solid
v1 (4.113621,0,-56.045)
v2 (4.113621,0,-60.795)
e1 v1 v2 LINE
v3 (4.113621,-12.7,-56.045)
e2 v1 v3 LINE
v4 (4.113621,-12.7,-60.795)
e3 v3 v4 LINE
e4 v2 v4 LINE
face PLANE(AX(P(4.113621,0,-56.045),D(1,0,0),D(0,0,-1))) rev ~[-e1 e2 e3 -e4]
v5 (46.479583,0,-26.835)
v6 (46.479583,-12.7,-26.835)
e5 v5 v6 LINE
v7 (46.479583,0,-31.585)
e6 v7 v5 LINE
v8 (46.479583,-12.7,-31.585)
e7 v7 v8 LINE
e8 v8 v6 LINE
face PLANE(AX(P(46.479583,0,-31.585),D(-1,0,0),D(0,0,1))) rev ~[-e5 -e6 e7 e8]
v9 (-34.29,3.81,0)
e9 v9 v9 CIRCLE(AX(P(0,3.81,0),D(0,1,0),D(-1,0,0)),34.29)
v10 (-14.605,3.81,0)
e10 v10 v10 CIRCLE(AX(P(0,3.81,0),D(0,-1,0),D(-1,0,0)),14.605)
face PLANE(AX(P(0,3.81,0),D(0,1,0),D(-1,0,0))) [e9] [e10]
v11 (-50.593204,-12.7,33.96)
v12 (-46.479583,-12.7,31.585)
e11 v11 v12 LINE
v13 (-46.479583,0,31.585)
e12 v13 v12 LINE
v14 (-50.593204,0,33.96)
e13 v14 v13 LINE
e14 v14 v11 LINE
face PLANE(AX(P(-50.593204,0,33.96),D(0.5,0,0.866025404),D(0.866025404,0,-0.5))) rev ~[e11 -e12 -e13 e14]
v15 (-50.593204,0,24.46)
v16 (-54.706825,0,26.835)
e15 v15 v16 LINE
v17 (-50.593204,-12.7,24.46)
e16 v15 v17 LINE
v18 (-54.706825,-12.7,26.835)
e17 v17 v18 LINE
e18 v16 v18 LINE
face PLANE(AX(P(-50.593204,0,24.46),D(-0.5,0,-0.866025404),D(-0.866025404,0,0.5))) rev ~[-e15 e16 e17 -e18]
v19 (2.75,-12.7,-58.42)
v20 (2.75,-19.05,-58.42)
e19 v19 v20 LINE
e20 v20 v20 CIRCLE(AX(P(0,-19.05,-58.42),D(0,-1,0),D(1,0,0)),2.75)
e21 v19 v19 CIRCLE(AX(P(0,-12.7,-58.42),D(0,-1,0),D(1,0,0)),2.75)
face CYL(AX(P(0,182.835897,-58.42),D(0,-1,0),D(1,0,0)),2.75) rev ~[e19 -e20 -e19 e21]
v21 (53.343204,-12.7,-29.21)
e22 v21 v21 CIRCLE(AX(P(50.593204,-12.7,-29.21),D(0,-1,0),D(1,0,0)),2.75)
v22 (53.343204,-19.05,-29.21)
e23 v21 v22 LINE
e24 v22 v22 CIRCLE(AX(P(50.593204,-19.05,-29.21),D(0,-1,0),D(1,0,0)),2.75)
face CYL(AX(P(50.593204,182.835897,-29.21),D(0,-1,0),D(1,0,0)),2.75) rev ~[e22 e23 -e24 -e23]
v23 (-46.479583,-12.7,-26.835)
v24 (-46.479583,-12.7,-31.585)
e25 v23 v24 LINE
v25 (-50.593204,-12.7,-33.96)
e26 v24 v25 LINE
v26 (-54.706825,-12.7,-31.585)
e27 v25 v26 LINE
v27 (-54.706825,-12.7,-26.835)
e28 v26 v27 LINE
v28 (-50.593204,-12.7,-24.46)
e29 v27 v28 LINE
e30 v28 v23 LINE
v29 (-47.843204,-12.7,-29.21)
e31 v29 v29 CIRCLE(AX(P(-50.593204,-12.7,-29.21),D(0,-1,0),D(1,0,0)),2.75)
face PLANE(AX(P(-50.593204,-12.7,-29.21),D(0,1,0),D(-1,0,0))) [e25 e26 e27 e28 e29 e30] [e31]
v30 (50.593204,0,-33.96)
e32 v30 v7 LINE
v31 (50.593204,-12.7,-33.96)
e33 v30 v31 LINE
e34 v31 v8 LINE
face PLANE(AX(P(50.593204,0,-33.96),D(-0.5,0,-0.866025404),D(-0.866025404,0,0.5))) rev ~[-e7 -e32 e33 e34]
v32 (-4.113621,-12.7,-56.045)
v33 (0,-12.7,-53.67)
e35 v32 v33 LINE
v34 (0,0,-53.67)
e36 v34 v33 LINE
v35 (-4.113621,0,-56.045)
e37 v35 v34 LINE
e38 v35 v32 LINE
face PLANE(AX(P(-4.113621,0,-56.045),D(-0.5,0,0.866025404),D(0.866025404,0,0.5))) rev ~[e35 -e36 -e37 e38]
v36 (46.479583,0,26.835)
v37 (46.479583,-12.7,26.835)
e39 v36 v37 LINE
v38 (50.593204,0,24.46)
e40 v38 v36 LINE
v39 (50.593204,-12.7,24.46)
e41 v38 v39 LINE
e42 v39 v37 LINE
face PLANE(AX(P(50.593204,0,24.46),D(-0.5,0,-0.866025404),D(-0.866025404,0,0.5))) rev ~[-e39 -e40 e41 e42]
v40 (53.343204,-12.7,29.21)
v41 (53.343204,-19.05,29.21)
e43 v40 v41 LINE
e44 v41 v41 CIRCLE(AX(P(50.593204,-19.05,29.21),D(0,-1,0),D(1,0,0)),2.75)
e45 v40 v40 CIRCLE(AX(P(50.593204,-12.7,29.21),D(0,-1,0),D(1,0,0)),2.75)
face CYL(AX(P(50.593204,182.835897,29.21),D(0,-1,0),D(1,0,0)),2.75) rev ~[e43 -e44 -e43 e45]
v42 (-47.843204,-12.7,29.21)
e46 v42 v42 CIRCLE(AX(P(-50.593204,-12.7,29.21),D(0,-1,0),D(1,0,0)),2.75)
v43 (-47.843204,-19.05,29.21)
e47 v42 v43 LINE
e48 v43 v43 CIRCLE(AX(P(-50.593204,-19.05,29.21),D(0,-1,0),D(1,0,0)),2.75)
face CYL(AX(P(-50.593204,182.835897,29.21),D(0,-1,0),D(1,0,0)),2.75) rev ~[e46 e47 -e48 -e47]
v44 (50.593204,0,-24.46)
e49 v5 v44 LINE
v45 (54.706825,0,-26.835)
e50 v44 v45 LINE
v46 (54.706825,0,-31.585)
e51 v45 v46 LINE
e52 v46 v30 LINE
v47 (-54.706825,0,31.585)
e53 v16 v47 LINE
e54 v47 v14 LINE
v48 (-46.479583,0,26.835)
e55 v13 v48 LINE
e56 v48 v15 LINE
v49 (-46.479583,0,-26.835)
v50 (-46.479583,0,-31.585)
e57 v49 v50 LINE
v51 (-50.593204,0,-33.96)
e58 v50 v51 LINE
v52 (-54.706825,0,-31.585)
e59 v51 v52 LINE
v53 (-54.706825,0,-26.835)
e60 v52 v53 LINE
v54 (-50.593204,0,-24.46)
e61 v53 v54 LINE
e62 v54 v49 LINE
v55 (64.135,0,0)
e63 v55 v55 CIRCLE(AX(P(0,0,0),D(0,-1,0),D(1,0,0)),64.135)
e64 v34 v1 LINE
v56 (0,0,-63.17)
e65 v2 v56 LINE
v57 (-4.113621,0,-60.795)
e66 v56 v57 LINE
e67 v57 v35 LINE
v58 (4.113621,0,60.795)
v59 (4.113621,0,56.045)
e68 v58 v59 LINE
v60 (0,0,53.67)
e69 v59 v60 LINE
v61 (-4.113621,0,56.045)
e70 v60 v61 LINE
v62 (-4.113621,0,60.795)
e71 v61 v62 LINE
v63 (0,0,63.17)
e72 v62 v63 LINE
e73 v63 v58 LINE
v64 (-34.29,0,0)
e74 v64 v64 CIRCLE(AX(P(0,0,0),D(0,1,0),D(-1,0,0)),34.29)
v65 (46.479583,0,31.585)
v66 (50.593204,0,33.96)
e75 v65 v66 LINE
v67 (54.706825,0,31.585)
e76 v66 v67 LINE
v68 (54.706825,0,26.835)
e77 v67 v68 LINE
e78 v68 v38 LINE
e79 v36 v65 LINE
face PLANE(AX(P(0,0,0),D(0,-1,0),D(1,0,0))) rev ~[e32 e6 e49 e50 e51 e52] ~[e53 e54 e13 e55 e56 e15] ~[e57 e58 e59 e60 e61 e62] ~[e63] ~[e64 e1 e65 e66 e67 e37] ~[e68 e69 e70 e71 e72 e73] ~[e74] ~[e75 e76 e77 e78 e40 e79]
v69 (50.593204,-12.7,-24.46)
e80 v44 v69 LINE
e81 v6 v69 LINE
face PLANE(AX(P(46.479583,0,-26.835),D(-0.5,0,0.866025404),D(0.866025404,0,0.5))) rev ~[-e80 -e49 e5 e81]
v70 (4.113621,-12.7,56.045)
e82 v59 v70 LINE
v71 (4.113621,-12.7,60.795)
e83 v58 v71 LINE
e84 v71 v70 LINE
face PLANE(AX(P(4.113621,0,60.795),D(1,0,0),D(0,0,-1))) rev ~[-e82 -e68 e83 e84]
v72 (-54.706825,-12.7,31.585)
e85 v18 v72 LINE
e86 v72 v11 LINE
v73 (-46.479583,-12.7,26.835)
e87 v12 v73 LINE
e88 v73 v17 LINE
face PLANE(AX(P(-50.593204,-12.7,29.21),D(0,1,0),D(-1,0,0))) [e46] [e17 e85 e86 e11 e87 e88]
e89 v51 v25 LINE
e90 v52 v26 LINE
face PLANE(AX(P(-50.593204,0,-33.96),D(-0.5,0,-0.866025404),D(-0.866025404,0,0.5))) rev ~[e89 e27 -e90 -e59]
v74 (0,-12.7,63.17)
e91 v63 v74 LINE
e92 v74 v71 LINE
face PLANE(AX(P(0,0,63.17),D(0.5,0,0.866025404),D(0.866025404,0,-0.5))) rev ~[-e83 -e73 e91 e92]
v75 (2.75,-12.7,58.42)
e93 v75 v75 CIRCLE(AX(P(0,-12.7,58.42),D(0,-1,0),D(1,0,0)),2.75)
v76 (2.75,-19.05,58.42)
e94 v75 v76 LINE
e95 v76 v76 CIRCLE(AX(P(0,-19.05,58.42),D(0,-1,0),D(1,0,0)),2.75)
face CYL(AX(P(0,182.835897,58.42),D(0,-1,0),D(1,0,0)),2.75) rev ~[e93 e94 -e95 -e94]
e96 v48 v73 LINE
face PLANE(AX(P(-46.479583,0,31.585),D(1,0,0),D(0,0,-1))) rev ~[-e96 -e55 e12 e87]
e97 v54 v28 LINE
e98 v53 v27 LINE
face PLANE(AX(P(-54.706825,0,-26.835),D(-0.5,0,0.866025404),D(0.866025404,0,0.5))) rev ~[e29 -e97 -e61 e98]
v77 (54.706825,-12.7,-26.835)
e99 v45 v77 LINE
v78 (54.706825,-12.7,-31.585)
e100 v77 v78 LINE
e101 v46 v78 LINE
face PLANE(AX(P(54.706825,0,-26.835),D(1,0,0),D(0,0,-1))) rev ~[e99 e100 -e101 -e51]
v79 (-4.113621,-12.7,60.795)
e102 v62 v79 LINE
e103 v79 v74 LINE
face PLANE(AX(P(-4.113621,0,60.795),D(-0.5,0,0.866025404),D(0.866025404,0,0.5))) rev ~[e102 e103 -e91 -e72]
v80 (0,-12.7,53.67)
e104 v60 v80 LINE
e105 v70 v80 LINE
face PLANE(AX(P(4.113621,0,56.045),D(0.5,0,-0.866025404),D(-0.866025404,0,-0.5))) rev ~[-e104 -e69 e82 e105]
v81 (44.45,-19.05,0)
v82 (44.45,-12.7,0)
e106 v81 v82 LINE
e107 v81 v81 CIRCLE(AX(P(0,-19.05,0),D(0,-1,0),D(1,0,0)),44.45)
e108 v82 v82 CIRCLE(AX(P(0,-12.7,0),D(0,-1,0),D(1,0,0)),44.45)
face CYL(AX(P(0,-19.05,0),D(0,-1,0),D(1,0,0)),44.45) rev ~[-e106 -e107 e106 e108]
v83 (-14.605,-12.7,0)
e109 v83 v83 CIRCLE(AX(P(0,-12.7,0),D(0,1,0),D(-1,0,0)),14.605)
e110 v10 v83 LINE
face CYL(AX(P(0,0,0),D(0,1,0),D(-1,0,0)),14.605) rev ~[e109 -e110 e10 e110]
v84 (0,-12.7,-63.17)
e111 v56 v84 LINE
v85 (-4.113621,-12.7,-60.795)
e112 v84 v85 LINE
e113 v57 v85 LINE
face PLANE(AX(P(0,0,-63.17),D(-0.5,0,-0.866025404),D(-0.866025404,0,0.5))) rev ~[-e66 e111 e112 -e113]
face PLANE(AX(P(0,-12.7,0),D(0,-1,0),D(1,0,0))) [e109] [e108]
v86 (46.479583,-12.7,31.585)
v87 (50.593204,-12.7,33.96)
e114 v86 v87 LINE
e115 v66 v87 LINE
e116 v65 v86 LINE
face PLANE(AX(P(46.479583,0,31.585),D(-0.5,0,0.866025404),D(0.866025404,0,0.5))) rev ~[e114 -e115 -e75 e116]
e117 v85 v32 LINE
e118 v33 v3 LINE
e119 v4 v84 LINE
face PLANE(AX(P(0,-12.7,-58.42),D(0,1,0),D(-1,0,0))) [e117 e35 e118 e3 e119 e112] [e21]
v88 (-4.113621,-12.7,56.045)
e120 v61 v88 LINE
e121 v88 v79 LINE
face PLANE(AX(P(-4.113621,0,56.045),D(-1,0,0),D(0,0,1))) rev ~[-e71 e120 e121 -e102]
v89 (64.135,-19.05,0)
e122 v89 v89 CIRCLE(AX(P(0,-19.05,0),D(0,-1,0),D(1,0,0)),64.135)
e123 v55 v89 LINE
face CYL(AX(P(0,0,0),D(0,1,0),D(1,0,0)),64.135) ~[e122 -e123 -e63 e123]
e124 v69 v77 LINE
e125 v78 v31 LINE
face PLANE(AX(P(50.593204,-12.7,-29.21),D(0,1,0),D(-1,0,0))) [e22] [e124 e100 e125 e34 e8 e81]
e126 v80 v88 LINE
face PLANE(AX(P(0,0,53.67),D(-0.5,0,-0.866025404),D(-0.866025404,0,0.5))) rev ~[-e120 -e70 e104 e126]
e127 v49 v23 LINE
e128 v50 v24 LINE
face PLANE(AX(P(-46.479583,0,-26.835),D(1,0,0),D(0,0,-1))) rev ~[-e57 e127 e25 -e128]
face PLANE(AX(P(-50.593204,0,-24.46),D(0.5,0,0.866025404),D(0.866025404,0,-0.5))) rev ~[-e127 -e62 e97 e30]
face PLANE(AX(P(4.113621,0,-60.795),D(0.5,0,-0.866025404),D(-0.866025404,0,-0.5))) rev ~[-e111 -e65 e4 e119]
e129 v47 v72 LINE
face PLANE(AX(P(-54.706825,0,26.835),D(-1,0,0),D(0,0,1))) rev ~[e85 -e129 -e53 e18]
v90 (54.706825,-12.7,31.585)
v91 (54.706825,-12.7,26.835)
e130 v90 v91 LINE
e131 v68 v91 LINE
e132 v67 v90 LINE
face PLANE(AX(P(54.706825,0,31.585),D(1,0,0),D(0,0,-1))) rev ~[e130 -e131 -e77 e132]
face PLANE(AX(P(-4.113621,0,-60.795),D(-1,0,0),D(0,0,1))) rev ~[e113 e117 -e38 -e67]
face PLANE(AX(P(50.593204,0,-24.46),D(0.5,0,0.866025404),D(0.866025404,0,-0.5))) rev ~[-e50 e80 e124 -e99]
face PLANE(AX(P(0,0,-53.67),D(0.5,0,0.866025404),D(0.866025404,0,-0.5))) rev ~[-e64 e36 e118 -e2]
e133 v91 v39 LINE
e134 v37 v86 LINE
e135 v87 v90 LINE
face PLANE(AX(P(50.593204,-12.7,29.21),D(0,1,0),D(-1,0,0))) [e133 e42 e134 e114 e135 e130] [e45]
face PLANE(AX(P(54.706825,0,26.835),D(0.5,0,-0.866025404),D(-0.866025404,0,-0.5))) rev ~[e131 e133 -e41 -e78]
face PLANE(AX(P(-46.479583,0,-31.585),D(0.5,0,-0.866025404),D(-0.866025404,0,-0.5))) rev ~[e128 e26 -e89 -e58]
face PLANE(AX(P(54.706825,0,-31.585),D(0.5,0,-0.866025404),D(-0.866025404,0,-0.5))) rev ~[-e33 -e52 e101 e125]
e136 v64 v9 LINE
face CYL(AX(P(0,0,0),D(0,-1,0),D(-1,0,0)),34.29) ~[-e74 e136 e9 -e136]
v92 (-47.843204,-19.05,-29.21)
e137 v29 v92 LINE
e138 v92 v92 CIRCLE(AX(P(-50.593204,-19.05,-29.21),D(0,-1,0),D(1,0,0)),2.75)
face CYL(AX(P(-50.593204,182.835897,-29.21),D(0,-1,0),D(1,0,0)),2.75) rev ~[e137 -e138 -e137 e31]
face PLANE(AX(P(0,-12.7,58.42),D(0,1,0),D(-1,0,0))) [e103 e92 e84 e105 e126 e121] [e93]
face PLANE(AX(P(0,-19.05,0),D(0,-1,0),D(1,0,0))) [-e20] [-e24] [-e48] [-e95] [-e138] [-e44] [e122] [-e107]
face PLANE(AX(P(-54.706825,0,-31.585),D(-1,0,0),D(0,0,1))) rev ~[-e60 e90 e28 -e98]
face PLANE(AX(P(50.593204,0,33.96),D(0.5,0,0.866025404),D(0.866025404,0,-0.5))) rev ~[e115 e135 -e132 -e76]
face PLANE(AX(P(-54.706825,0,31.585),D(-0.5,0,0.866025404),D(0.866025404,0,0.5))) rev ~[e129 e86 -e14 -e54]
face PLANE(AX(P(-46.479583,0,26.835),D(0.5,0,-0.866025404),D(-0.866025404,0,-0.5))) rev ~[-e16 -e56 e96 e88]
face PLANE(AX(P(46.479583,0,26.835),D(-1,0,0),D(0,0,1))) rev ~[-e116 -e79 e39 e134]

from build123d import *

# Parameters (mm, degrees)
F0_R          = 64.135
F1_DEPTH      = 19.05
F3_R          = 34.29
F4_DEPTH      = 3.81
F5_R          = 12.7
F6_DEPTH      = 22.861
F2_R          = 14.605
F8_DEPTH      = 19.051
F8_DEPTH_BACK = 3.811
F7_R          = 44.45
F9_DEPTH      = 6.35
F12_DEPTH     = 12.7
F13_D         = 5.5


with BuildPart() as f1:
    # F0 (on Front) → F1 (new body)
    with BuildSketch(Plane.XZ):
        Circle(F0_R)
    extrude(amount=F1_DEPTH)

    # F3 (on face) → F4 (join)
    with BuildSketch(Plane(origin=(0, 0, 0), x_dir=(-1, 0, 0), z_dir=(0, 1, 0))):
        Circle(F3_R)
    extrude(amount=F4_DEPTH)

    # F5 (on face) → F6 (cut, through all)
    with BuildSketch(Plane.XZ.offset(19.05)):
        Circle(F5_R)
    extrude(amount=-F6_DEPTH, mode=Mode.SUBTRACT)

    # F2 (on face) → F8 (cut, two sides)
    with BuildSketch(Plane(origin=(0, 0, 0), x_dir=(-1, 0, 0), z_dir=(0, 1, 0))) as f8_sk:
        Circle(F2_R)
    extrude(amount=-F8_DEPTH, mode=Mode.SUBTRACT)
    extrude(f8_sk.sketch, amount=F8_DEPTH_BACK, mode=Mode.SUBTRACT)

    # F7 (on face) → F9 (cut)
    with BuildSketch(Plane.XZ.offset(19.05)):
        Circle(F7_R)
    extrude(amount=-F9_DEPTH, mode=Mode.SUBTRACT)

    # F11 (on face) → F12 (cut)
    with BuildSketch(Plane(origin=(0, 0, 0), x_dir=(-1, 0, 0), z_dir=(0, 1, 0))):
        Polygon((4.113620668, -60.795), (4.113620668, -56.045), (0, -53.67), (-4.113620668, -56.045), (-4.113620668, -60.795), (0, -63.17), align=None)
        Polygon((46.4795834211, -26.835), (46.4795834211, -31.585), (50.5932040891, -33.96), (54.7068247571, -31.585), (54.7068247571, -26.835), (50.5932040891, -24.46), align=None)
        Polygon((46.4795834211, 26.835), (50.5932040891, 24.46), (54.7068247571, 26.835), (54.7068247571, 31.585), (50.5932040891, 33.96), (46.4795834211, 31.585), align=None)
        Polygon((0, 53.67), (4.113620668, 56.045), (4.113620668, 60.795), (0, 63.17), (-4.113620668, 60.795), (-4.113620668, 56.045), align=None)
        Polygon((-46.4795834211, 26.835), (-46.4795834211, 31.585), (-50.5932040891, 33.96), (-54.7068247571, 31.585), (-54.7068247571, 26.835), (-50.5932040891, 24.46), align=None)
        Polygon((-46.4795834211, -26.835), (-50.5932040891, -24.46), (-54.7068247571, -26.835), (-54.7068247571, -31.585), (-50.5932040891, -33.96), (-46.4795834211, -31.585), align=None)
    extrude(amount=-F12_DEPTH, mode=Mode.SUBTRACT)

    # F13 (through all)
    with Locations(Plane(origin=(0, 0, 0), x_dir=(-1, 0, 0), z_dir=(0, 1, 0))):
        with Locations((50.5932040891, 29.21), (50.5932040891, -29.21), (0, -58.42), (-50.5932040891, -29.21), (-50.5932040891, 29.21), (0, 58.42)):
            Hole(F13_D / 2)


solid = f1.part
